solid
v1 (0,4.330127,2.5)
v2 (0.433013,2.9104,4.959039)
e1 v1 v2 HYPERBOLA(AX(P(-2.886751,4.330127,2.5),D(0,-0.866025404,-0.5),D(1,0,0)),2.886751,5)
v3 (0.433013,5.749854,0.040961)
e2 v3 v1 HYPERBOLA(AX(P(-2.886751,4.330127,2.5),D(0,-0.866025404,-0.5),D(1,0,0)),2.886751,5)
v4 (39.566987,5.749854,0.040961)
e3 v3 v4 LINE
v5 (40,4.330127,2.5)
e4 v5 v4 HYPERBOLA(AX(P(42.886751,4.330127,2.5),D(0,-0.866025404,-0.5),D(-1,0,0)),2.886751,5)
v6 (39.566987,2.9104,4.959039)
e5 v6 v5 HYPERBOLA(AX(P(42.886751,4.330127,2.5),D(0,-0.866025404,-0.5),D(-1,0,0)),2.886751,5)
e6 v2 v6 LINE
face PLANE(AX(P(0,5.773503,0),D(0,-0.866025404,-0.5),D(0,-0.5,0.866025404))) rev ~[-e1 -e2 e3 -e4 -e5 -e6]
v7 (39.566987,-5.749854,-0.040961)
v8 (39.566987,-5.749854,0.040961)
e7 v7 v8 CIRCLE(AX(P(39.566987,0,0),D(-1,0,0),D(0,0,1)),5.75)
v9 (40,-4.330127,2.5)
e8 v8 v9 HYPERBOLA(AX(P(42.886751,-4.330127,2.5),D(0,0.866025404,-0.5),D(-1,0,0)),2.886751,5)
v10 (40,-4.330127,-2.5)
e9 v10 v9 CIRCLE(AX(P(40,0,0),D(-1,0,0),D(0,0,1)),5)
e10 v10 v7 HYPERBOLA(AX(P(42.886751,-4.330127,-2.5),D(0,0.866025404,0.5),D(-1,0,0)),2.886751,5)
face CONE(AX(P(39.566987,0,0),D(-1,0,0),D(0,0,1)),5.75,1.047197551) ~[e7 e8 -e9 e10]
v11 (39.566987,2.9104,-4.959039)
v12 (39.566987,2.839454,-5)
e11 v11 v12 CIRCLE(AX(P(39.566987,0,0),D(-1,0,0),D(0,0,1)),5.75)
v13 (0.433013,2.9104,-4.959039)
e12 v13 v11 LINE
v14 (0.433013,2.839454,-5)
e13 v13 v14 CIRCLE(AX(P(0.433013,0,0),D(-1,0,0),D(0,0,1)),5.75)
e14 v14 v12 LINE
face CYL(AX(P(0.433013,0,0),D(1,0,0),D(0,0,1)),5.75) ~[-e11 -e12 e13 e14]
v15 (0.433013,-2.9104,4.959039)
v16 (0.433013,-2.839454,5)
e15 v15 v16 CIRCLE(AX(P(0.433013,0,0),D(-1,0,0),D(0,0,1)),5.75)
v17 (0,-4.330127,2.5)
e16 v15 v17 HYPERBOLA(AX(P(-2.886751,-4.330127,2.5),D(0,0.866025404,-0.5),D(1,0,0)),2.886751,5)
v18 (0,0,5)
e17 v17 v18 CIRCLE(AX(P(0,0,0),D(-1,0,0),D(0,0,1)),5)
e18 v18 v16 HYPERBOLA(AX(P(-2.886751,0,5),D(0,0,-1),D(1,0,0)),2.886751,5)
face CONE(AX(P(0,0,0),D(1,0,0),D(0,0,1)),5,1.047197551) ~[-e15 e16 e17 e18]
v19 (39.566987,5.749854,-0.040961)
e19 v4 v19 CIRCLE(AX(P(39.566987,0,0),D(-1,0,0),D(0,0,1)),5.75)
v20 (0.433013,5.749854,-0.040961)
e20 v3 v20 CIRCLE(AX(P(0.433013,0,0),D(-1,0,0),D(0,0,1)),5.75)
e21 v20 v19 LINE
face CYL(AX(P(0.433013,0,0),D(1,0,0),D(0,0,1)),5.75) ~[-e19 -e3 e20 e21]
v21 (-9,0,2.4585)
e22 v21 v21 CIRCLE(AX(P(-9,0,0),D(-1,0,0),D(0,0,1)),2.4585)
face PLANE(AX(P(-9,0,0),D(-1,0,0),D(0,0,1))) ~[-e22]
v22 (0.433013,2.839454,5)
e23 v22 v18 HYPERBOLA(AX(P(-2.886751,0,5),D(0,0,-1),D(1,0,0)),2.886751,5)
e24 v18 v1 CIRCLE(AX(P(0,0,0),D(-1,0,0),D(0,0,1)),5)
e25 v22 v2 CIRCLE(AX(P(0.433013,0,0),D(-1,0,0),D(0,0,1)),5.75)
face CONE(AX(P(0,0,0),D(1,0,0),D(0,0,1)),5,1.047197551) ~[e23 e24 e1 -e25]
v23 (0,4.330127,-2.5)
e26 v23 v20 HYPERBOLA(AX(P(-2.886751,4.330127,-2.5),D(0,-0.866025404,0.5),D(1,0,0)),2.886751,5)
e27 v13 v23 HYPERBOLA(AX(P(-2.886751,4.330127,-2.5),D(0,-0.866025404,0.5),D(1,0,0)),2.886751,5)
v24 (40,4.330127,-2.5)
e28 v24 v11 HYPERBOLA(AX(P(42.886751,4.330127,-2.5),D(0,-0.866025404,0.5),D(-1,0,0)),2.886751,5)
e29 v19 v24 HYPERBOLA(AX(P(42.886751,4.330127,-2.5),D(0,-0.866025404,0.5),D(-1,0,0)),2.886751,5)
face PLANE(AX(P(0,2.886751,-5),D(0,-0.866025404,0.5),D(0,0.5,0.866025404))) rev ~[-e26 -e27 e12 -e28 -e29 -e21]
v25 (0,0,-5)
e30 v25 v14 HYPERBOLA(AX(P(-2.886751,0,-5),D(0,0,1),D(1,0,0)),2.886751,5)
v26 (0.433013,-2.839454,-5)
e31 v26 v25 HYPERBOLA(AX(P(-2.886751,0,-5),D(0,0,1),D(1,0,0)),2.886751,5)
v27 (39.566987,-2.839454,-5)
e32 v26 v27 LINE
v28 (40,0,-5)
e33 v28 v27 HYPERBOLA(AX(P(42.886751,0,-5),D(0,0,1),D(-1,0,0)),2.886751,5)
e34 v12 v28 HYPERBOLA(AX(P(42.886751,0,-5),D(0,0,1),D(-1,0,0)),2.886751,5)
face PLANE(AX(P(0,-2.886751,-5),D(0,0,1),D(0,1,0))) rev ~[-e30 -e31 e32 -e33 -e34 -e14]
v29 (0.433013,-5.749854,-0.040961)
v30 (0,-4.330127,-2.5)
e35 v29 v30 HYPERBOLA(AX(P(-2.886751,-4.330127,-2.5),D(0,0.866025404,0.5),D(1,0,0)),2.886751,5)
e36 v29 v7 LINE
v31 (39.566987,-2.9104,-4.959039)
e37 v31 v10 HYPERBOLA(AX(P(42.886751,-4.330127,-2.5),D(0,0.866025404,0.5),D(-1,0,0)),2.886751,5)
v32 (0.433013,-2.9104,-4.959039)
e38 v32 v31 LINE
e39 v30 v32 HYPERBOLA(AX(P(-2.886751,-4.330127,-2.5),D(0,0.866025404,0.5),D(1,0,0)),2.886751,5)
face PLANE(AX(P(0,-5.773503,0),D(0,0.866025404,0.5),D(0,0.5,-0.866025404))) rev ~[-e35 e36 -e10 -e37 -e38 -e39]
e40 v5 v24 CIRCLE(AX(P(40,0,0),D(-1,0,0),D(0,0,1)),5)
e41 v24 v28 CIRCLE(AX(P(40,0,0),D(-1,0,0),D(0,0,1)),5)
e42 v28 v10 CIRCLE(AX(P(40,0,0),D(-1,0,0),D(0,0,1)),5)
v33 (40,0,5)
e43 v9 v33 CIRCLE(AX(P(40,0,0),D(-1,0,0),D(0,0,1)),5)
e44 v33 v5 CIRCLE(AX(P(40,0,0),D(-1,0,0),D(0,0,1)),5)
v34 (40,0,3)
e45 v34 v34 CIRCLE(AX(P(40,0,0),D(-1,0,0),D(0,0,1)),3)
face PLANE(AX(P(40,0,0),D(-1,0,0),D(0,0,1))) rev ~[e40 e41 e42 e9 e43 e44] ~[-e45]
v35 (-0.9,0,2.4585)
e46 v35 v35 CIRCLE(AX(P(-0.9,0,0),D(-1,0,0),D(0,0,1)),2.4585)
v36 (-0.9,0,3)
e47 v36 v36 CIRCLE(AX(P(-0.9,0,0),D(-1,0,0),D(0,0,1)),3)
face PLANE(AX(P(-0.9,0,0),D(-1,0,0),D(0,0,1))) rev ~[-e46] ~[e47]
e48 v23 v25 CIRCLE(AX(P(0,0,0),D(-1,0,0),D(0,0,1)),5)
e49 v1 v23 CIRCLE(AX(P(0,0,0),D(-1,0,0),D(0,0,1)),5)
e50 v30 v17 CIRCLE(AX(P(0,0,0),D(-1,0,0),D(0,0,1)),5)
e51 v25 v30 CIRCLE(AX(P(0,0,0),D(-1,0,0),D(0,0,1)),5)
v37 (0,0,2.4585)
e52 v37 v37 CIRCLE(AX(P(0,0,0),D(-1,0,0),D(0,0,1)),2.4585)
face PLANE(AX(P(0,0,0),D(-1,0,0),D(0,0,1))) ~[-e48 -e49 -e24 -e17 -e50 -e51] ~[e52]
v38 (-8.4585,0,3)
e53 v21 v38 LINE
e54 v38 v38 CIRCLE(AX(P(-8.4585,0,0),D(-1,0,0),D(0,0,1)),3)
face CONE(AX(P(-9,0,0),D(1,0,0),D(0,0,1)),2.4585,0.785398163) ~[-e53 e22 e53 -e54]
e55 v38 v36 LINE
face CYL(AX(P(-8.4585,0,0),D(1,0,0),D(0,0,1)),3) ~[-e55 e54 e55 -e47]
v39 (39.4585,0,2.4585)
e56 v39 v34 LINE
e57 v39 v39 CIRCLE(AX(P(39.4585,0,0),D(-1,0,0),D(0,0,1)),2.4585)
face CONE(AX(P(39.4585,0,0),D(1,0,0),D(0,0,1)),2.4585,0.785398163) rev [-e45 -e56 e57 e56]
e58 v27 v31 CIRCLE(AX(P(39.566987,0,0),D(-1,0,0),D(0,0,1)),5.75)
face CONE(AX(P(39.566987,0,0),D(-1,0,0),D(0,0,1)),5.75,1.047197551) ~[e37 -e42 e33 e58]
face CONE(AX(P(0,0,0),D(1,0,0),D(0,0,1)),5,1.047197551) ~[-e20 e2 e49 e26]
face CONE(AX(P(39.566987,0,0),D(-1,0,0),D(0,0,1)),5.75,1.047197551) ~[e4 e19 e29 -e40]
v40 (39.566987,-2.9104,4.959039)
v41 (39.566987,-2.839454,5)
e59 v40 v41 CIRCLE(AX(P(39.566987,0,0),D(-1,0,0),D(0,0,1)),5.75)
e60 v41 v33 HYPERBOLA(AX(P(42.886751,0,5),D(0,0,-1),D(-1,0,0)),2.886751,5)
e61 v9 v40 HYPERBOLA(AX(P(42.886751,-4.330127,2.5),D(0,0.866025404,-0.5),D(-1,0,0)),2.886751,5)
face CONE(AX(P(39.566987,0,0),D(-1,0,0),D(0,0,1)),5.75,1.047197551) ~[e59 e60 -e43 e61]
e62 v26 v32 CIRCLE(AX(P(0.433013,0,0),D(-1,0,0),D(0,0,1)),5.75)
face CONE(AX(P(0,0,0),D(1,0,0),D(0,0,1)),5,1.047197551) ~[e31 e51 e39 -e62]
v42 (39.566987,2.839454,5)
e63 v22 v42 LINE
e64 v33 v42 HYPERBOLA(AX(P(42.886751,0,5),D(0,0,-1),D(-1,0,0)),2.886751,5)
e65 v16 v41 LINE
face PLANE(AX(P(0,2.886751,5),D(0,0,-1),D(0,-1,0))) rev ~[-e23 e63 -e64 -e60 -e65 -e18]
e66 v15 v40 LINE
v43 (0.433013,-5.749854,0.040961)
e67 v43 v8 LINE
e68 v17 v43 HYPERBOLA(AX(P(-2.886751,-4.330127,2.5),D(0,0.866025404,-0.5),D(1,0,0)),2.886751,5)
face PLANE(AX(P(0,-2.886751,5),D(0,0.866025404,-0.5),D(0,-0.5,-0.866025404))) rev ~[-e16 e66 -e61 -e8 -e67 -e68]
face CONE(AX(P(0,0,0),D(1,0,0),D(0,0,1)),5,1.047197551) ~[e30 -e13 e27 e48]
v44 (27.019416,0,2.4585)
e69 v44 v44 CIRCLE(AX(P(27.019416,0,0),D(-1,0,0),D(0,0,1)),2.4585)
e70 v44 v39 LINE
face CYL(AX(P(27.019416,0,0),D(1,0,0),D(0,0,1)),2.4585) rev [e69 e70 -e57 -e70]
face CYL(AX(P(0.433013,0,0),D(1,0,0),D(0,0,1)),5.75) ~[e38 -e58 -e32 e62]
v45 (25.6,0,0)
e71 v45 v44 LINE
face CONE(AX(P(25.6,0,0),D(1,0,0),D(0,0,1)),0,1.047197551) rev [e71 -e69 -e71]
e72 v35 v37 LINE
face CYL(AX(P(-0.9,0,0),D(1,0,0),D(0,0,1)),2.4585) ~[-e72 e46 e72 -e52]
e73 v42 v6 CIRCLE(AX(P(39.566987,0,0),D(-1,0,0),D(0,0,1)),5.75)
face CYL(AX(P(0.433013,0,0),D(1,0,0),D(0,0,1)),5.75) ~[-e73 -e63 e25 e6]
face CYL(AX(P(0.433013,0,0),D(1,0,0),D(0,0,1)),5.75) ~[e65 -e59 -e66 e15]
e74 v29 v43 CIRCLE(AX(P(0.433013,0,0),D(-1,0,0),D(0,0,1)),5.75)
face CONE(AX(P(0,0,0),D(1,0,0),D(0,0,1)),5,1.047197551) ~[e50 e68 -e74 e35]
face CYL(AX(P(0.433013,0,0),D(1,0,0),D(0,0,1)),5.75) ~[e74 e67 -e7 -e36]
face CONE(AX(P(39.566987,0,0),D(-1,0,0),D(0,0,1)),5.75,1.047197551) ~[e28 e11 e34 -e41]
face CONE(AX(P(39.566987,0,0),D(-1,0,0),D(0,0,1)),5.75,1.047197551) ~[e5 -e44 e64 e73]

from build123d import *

# Parameters (mm, degrees)
SKETCH2_W          = 20
SKETCH2_H          = 20
CUT_EXTRUDE1_DEPTH = 40


with BuildPart() as part:
    # Sketch1 → Revolve1 (revolve)
    with BuildSketch(Plane.XY, mode=Mode.PRIVATE) as revolve1_sk:
        Polygon((0, 0), (0, 5), (0.433012702, 5.75), (39.566987298, 5.75), (40, 5), (40, 0), align=None)
    revolve(revolve1_sk.sketch.rotate(Axis((40, 0, 0), (-1, 0, 0)), 270), axis=Axis((40, 0, 0), (-1, 0, 0)))

    # Sketch2 → Cut-Extrude1 (cut)
    with BuildSketch(Plane(origin=(0, 0, 0), x_dir=(0, 0, -1), z_dir=(1, 0, 0))):
        Rectangle(SKETCH2_W, SKETCH2_H)
        Polygon((-5, 2.886751346), (-5, -2.886751346), (0, -5.773502692), (5, -2.886751346), (5, 2.886751346), (0, 5.773502692), align=None, mode=Mode.SUBTRACT)
    extrude(amount=CUT_EXTRUDE1_DEPTH, mode=Mode.SUBTRACT)

    # Sketch3 → Cut-Revolve1 (revolve, cut)
    with BuildSketch(Plane.XY, mode=Mode.PRIVATE) as cut_revolve1_sk:
        Polygon((25.6, 0), (27.019415637, 2.4585), (39.4585, 2.4585), (40, 3), (40, 0), align=None)
    revolve(cut_revolve1_sk.sketch.rotate(Axis((40, 0, 0), (-1, 0, 0)), 270), axis=Axis((40, 0, 0), (-1, 0, 0)), mode=Mode.SUBTRACT)

    # Sketch4 → Revolve2 (revolve)
    with BuildSketch(Plane.XY, mode=Mode.PRIVATE) as revolve2_sk:
        Polygon((-9, 0), (-9, 2.4585), (-8.4585, 3), (-0.9, 3), (-0.9, 2.4585), (0, 2.4585), (0, 0), align=None)
    revolve(revolve2_sk.sketch.rotate(Axis((0, 0, 0), (-1, 0, 0)), 270), axis=Axis((0, 0, 0), (-1, 0, 0)))


solid = part.part
